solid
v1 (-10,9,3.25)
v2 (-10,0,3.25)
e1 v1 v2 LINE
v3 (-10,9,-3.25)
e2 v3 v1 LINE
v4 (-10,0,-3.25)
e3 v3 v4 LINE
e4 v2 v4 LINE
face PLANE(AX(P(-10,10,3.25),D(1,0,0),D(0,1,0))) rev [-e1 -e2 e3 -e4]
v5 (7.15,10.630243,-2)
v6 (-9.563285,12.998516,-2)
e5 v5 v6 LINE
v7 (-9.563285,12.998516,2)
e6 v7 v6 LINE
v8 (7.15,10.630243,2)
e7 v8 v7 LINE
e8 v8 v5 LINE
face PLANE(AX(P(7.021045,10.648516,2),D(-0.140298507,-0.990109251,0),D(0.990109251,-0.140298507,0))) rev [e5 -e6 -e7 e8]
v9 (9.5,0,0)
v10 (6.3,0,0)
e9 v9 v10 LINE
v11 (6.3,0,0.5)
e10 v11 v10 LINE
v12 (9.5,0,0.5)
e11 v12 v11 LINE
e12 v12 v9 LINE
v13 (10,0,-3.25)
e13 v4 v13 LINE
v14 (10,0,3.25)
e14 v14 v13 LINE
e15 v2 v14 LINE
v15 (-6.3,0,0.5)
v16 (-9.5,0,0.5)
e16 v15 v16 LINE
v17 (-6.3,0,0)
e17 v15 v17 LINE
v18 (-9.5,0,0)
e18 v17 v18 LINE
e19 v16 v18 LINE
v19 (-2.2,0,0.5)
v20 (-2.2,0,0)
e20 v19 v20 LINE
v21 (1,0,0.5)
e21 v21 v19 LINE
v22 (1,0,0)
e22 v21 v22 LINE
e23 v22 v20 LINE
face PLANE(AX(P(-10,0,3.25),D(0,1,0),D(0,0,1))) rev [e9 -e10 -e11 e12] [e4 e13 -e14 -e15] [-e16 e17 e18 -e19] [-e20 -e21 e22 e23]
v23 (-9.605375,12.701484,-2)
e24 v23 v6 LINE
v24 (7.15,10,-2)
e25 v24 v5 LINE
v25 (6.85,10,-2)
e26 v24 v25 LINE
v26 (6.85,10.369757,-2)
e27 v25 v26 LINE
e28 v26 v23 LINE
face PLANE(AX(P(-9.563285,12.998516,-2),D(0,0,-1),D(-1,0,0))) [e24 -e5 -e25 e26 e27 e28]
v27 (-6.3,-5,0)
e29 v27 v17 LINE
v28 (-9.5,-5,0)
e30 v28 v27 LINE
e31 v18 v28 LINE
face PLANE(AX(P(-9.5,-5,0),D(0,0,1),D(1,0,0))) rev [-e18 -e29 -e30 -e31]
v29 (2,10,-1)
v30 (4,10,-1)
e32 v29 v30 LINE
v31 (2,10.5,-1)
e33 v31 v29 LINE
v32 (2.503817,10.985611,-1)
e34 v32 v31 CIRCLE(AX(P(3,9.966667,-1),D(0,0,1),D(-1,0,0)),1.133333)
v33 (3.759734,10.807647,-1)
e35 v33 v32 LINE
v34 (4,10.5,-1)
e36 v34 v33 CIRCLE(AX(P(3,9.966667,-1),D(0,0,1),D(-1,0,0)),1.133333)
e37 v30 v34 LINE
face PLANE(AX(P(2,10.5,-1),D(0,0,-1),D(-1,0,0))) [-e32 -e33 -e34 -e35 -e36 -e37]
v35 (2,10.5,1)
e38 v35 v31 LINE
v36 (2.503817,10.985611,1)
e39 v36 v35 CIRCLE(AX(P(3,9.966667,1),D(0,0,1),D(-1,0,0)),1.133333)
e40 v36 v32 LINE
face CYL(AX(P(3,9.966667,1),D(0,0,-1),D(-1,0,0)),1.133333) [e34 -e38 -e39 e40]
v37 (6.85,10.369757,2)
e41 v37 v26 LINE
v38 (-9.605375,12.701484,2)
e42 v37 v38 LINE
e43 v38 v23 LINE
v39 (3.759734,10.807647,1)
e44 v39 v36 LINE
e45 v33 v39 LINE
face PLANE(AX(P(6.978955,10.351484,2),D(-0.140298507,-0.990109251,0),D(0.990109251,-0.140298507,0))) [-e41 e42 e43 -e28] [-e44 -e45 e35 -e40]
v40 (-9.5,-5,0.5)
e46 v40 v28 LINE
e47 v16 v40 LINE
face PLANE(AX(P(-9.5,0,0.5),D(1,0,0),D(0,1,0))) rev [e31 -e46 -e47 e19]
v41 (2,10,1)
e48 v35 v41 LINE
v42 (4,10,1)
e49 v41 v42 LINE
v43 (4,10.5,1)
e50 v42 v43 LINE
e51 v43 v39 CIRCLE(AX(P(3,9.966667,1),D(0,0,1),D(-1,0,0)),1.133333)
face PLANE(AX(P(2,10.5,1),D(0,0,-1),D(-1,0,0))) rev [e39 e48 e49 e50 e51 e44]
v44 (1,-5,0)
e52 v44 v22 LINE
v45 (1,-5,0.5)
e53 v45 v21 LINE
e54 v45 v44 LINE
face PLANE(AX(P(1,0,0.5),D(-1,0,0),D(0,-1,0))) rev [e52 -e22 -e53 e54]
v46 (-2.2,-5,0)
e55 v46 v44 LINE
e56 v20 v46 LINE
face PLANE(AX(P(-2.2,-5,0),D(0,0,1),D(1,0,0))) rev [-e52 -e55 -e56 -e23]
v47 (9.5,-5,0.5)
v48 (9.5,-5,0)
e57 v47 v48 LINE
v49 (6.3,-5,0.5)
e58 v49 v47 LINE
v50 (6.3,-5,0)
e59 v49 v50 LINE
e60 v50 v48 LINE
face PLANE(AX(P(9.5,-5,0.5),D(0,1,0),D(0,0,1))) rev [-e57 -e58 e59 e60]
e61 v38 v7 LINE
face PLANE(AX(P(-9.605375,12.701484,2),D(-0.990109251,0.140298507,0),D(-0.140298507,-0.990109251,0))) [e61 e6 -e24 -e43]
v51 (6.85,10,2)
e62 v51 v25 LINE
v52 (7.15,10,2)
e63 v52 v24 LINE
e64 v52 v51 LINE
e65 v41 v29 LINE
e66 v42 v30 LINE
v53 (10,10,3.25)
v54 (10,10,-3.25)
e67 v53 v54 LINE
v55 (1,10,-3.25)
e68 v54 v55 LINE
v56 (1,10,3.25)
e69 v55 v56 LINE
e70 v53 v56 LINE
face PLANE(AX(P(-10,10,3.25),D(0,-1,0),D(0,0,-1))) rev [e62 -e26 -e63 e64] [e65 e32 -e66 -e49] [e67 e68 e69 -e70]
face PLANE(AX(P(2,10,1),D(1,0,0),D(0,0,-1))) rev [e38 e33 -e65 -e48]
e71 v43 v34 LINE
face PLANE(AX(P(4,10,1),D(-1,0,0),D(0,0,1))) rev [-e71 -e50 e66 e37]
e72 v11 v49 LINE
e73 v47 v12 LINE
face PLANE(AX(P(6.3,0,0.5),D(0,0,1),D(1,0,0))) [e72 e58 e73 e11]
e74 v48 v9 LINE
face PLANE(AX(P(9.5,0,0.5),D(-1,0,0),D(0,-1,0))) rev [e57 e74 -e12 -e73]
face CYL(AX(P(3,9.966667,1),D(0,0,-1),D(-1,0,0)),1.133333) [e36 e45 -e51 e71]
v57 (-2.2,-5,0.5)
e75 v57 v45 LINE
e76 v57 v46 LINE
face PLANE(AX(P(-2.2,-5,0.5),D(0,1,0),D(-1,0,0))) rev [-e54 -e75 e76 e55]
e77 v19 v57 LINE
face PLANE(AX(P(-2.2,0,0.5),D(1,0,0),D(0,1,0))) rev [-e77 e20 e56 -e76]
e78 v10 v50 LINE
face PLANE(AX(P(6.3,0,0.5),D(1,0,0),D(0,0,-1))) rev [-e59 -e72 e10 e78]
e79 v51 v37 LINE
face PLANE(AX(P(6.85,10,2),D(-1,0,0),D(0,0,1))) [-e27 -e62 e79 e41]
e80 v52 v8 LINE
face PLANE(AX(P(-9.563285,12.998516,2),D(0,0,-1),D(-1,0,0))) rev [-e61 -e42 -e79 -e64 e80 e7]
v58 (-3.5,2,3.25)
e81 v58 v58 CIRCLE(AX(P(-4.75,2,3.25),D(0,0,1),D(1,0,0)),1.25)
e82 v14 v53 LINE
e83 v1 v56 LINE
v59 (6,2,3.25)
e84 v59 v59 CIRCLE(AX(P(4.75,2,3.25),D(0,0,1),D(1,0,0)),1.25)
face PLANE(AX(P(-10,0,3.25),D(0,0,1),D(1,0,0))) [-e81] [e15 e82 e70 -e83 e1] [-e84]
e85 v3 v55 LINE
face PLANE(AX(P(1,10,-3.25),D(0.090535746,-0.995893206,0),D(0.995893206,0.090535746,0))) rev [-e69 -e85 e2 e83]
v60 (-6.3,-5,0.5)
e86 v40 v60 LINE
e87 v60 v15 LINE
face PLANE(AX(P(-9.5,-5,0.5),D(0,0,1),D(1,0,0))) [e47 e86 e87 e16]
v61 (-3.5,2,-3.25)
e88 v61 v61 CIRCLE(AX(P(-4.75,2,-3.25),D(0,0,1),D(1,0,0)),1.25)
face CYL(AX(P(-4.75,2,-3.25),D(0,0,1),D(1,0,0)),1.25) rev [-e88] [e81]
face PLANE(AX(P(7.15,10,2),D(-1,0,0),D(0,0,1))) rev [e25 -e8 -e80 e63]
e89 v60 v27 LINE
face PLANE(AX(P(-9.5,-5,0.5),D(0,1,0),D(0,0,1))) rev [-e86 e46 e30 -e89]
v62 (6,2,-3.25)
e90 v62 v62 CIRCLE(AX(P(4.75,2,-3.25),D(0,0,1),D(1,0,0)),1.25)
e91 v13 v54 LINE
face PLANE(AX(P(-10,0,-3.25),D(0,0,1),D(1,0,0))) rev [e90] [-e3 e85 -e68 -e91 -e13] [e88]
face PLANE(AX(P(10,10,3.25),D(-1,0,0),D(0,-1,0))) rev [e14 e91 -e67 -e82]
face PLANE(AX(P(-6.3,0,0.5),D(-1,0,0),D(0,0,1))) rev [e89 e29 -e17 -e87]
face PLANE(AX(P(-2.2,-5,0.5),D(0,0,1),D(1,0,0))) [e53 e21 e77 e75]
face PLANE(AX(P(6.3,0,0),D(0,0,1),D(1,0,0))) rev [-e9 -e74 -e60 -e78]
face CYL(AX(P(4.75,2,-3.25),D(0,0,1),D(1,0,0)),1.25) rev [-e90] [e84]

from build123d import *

# Parameters (mm, degrees)
SKETCH1_W                   = 20
SKETCH1_H                   = 10
BOSS_BODY_DEPTH             = 3.25
CUT_TOP_ANGLE_DEPTH         = 7.5
SKETCH3_W                   = 2
SKETCH3_H                   = 0.5
BOSS_BUTTON_DEPTH           = 1
BOSS_BUTTON_ROUND_TOP_DEPTH = 1
SKETCH5_R                   = 1.25
CUT_EXTRUDE2_DEPTH          = 7.5
SKETCH6_W                   = 3.2
SKETCH6_H                   = 5
BOSS_EXTRUDE4_DEPTH         = 0.5
EXTRUDE_THIN1_DEPTH         = 2


with BuildPart() as part:
    # Sketch1 → Boss-Body (new body, symmetric)
    with BuildSketch(Plane.XY):
        with Locations((0, 5)):
            Rectangle(SKETCH1_W, SKETCH1_H)
    extrude(amount=BOSS_BODY_DEPTH, both=True)

    # Sketch2 → Cut-Top Angle (cut, through all)
    with BuildSketch(Plane.XY.offset(3.25)):
        Polygon((1, 10), (-10, 9), (-10, 10), align=None)
    extrude(amount=-CUT_TOP_ANGLE_DEPTH, mode=Mode.SUBTRACT)

    # Sketch3 → Boss-Button (add, symmetric)
    with BuildSketch(Plane.XY):
        with Locations((3, 10.25)):
            Rectangle(SKETCH3_W, SKETCH3_H)
    extrude(amount=BOSS_BUTTON_DEPTH, both=True)

    # Sketch4 → Boss-Button Round Top (add, symmetric)
    with BuildSketch(Plane.XY):
        with BuildLine():
            Line((2, 10.5), (4, 10.5))
            ThreePointArc((4, 10.5), (3, 11.1), (2, 10.5))
        make_face()
    extrude(amount=BOSS_BUTTON_ROUND_TOP_DEPTH, both=True)

    # Sketch5 → Cut-Extrude2 (cut, through all)
    with BuildSketch(Plane.XY.offset(3.25)):
        with Locations((-4.75, 2)):
            Circle(SKETCH5_R)
        with Locations((4.75, 2)):
            Circle(SKETCH5_R)
    extrude(amount=-CUT_EXTRUDE2_DEPTH, mode=Mode.SUBTRACT)

    # Sketch6 → Boss-Extrude4 (add)
    with BuildSketch(Plane.XY):
        with Locations((-7.9, -2.5)):
            Rectangle(SKETCH6_W, SKETCH6_H)
        with Locations((7.9, -2.5)):
            Rectangle(SKETCH6_W, SKETCH6_H)
        with Locations((-0.6, -2.5)):
            Rectangle(SKETCH6_W, SKETCH6_H)
    extrude(amount=BOSS_EXTRUDE4_DEPTH)

    # Sketch7 → Extrude-Thin1 (add, symmetric)
    with BuildSketch(Plane.XY):
        Polygon((7.15, 10), (7.15, 10.630243429), (-9.563285177, 12.998516388), (-9.605374729, 12.701483612), (6.85, 10.369756571), (6.85, 10), align=None)
    extrude(amount=EXTRUDE_THIN1_DEPTH, both=True)


solid = part.part
